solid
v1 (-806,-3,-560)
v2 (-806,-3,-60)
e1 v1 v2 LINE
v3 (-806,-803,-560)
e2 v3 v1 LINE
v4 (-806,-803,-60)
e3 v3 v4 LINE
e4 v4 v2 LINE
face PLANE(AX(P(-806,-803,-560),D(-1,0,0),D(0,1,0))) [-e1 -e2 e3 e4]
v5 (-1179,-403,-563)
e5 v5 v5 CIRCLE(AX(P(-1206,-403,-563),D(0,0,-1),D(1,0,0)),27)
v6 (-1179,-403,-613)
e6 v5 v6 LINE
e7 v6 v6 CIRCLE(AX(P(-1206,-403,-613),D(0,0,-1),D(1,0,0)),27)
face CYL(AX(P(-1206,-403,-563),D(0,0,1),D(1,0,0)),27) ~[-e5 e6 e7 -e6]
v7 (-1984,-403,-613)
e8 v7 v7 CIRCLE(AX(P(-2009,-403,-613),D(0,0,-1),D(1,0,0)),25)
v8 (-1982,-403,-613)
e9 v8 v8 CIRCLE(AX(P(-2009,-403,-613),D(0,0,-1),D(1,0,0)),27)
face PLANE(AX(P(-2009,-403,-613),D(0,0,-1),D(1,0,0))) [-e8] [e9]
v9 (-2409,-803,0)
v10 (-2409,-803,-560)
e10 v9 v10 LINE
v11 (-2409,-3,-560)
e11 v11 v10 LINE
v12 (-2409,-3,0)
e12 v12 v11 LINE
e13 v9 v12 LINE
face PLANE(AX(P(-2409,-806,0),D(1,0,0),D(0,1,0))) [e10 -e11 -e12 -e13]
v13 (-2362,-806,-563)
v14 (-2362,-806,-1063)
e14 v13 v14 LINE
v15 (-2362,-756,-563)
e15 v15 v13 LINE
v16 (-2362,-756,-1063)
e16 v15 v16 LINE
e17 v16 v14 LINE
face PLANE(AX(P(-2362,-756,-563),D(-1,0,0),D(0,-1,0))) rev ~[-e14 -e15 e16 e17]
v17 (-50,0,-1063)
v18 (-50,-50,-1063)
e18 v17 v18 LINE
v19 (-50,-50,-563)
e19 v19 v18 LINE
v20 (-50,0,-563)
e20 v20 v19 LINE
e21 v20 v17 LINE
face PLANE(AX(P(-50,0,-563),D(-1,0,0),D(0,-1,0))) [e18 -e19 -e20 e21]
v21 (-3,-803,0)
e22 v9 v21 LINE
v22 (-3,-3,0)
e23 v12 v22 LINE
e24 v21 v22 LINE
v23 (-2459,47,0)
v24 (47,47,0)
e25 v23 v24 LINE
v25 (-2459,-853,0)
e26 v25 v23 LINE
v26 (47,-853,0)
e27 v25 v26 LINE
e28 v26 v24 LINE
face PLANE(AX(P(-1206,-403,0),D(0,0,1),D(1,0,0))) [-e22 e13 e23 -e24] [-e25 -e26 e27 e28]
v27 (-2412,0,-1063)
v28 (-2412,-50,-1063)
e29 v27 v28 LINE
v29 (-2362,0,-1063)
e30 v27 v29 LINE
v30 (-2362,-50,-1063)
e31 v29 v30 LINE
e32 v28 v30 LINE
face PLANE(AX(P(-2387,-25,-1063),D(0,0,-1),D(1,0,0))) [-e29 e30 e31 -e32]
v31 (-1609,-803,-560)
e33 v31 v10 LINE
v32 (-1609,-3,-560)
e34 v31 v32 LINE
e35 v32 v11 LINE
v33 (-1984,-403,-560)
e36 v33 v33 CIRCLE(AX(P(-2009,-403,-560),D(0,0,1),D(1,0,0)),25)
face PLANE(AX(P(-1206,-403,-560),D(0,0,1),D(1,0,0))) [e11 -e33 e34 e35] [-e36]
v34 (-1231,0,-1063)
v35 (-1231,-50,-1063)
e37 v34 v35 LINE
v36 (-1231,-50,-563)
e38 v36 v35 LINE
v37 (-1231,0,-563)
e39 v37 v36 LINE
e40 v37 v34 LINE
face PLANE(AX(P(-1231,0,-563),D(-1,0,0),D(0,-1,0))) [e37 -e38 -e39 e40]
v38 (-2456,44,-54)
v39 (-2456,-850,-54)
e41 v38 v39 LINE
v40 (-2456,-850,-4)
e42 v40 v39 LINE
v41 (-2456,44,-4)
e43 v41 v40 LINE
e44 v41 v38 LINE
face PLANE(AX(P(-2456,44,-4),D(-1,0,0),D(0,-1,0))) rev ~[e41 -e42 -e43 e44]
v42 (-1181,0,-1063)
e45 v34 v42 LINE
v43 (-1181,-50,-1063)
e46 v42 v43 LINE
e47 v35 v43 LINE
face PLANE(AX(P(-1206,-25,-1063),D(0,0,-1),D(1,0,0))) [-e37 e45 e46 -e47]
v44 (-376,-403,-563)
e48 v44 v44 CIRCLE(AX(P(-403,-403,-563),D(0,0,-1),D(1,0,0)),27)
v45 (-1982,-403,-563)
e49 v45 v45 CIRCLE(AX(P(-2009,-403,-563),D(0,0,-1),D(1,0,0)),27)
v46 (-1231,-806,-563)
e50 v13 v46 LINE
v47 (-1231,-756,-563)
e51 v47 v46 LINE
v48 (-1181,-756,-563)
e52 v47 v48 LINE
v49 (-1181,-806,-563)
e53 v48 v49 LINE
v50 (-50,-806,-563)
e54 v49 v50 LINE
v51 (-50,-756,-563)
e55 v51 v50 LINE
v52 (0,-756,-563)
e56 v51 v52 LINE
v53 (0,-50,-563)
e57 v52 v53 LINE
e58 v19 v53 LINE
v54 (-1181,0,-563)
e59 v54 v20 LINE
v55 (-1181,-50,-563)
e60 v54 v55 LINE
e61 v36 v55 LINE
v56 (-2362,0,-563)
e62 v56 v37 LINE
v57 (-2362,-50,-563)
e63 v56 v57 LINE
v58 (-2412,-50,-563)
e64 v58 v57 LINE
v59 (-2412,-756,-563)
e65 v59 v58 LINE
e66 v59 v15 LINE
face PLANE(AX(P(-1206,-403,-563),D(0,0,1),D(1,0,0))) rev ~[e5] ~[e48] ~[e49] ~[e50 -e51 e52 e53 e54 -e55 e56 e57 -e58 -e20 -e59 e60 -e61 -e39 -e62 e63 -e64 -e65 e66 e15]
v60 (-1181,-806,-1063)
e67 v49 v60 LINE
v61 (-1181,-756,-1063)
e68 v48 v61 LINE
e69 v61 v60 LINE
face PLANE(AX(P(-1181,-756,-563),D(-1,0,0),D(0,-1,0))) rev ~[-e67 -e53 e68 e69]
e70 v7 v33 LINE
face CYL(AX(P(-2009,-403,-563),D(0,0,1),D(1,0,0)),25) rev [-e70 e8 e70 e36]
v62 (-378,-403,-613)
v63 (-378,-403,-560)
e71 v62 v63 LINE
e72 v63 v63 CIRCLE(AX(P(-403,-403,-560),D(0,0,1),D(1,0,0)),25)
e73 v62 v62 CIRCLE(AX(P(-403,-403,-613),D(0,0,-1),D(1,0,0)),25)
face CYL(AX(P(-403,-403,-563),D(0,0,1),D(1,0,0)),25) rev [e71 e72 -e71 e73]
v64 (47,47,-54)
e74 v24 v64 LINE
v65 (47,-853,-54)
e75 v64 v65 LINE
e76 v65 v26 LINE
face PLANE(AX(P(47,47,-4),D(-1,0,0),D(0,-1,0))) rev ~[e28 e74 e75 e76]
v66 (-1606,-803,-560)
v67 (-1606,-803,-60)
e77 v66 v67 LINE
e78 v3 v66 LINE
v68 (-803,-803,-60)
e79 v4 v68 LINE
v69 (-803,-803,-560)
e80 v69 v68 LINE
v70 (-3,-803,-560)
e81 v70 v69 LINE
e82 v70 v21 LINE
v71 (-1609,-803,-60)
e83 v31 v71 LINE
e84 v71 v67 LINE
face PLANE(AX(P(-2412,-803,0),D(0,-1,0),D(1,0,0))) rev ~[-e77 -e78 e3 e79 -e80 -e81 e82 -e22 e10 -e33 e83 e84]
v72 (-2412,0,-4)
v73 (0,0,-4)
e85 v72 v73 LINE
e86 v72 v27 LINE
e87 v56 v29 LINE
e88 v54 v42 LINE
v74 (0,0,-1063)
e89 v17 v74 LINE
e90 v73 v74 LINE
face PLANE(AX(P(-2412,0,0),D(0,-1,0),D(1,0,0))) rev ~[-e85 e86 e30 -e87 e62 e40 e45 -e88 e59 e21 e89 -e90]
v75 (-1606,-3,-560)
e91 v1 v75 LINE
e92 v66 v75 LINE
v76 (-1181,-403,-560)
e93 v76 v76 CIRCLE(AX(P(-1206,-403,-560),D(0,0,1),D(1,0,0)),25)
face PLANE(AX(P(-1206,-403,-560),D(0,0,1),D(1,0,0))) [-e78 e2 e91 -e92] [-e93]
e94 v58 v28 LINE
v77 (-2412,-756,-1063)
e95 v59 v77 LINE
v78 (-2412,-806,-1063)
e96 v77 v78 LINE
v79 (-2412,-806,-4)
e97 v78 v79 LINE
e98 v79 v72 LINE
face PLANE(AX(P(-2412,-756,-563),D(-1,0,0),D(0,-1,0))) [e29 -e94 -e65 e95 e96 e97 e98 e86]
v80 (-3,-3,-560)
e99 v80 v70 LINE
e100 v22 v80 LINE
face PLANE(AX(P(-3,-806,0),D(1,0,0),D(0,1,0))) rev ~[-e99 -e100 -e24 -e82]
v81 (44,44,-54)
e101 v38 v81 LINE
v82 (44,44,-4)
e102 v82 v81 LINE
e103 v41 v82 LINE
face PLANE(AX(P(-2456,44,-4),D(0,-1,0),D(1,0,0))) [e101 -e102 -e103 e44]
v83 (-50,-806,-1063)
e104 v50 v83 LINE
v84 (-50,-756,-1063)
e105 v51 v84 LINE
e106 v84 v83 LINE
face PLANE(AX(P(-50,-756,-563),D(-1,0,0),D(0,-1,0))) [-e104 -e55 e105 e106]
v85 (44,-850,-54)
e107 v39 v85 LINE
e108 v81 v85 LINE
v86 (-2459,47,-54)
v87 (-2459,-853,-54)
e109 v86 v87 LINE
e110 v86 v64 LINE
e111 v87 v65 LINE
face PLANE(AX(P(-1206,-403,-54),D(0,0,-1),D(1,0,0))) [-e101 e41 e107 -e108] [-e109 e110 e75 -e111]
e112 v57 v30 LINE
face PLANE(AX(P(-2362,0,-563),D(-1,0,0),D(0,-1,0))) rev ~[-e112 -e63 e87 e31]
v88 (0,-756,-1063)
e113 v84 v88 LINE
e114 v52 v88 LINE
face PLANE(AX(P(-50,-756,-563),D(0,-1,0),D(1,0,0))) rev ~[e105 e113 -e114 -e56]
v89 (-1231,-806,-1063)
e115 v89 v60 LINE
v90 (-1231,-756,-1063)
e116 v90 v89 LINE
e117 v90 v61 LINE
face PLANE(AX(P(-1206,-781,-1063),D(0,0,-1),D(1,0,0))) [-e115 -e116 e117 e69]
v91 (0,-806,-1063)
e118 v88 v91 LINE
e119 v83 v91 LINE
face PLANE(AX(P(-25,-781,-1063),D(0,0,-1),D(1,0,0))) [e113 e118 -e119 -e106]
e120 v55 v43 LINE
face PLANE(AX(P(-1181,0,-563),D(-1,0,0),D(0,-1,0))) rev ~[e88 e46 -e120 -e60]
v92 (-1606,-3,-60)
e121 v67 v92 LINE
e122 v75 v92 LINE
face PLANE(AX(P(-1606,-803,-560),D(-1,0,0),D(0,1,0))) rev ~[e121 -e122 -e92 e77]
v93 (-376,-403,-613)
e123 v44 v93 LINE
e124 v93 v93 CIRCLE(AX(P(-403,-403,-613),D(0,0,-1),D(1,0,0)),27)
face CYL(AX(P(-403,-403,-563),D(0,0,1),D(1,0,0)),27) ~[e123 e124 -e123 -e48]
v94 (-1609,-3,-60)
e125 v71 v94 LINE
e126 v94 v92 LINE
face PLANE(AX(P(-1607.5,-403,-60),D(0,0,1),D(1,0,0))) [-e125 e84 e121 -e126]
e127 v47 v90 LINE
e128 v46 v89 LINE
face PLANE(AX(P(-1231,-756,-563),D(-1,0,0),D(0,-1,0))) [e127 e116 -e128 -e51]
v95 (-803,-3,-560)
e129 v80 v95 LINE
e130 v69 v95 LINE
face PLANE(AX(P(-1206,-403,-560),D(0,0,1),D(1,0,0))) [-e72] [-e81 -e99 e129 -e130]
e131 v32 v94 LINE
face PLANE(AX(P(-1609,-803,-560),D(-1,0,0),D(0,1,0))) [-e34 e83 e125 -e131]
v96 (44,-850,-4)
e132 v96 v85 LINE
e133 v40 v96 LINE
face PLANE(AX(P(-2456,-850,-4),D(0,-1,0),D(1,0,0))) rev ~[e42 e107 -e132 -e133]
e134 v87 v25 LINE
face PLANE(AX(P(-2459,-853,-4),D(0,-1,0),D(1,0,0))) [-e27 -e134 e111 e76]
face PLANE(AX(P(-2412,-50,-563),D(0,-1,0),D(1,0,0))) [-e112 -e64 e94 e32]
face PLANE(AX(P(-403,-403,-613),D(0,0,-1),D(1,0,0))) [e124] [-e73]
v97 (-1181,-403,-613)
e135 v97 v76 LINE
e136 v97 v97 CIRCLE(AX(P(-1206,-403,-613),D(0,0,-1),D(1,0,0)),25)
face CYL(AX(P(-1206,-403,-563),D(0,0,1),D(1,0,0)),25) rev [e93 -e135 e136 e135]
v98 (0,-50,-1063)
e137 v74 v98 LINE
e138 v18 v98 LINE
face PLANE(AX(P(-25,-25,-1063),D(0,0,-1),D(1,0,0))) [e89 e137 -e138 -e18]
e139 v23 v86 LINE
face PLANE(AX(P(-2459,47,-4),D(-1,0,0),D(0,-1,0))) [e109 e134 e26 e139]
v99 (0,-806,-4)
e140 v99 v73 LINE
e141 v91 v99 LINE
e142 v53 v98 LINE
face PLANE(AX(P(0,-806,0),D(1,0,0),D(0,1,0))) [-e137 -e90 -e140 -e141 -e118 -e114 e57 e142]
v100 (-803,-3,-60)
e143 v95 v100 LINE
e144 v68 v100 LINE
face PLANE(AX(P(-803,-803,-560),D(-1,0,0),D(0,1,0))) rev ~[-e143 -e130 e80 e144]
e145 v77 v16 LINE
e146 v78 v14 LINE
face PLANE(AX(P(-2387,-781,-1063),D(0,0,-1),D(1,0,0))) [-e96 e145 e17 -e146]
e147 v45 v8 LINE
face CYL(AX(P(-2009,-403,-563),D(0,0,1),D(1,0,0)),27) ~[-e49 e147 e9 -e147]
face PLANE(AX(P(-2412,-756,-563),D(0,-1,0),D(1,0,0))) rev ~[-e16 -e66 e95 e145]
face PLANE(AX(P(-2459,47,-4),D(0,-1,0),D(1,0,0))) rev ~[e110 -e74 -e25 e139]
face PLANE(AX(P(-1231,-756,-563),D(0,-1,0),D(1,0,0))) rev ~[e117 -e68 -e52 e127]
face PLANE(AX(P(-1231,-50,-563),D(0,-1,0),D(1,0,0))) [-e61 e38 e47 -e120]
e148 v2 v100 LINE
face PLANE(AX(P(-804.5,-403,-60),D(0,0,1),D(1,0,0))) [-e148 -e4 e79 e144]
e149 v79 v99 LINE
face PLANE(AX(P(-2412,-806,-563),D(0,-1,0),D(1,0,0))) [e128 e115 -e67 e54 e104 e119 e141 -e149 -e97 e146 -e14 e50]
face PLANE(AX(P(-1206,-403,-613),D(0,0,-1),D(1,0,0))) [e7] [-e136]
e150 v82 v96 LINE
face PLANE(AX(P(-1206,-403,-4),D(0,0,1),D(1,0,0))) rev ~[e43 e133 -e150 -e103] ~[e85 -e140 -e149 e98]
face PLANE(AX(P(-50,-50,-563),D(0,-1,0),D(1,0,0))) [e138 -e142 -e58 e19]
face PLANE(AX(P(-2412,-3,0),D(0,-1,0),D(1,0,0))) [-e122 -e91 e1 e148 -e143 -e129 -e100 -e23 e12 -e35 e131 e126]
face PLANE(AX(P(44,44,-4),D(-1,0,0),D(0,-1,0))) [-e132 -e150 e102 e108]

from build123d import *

# Parameters (mm, degrees)
F0_W      = 2412
F0_H      = 806
F1_DEPTH  = 563
F2_T      = -3
F3_W      = 3
F3_H      = 800
F4_DEPTH  = 500
F5_W      = 2506
F5_H      = 900
F5_W_2    = 2412
F5_H_2    = 806
F6_DEPTH  = 4
F7_R      = 25
F8_DEPTH  = 25
F9_R      = 27
F9_R_2    = 25
F10_DEPTH = 50
F11_W     = 2506
F11_H     = 900
F11_W_2   = 2500
F11_H_2   = 894
F12_DEPTH = 50
F13_W     = 50
F13_H     = 50
F14_DEPTH = 500


with BuildPart() as f1:
    # F0 (on Top) → F1 (new body)
    with BuildSketch(Plane.XY):
        with Locations((-1206, -403)):
            Rectangle(F0_W, F0_H)
    extrude(amount=-F1_DEPTH)

    # F2
    f2_openings = [f1.faces().sort_by_distance(p)[0] for p in [
        (-1206, -403, 0),
    ]]
    offset(amount=F2_T, openings=f2_openings)

    # F3 (on face) → F4 (join)
    with BuildSketch(Plane.XY.offset(-560)):
        with Locations((-1607.5, -403)):
            Rectangle(F3_W, F3_H)
        with Locations((-804.5, -403)):
            Rectangle(F3_W, F3_H)
    extrude(amount=F4_DEPTH)

    # F5 (on face) → F6 (join)
    with BuildSketch(Plane.XY):
        with Locations((-1206, -403)):
            Rectangle(F5_W, F5_H)
        with Locations((-1206, -403)):
            Rectangle(F5_W_2, F5_H_2, mode=Mode.SUBTRACT)
    extrude(amount=-F6_DEPTH)

    # F7 (on face) → F8 (cut)
    with BuildSketch(Plane.XY.offset(-560)):
        with Locations((-2009, -403)):
            Circle(F7_R)
        with Locations((-1206, -403)):
            Circle(F7_R)
        with Locations((-403, -403)):
            Circle(F7_R)
    extrude(amount=-F8_DEPTH, mode=Mode.SUBTRACT)

    # F9 (on face) → F10 (join)
    with BuildSketch(Plane(origin=(0, 0, -563), x_dir=(1, 0, 0), z_dir=(0, 0, -1))):
        with Locations((-1206, 403)):
            Circle(F9_R)
        with Locations((-1206, 403)):
            Circle(F9_R_2, mode=Mode.SUBTRACT)
        with Locations((-2009, 403)):
            Circle(F9_R)
        with Locations((-2009, 403)):
            Circle(F9_R_2, mode=Mode.SUBTRACT)
        with Locations((-403, 403)):
            Circle(F9_R)
        with Locations((-403, 403)):
            Circle(F9_R_2, mode=Mode.SUBTRACT)
    extrude(amount=F10_DEPTH)

    # F11 (on face) → F12 (join)
    with BuildSketch(Plane(origin=(0, 0, -4), x_dir=(1, 0, 0), z_dir=(0, 0, -1))):
        with Locations((-1206, 403)):
            Rectangle(F11_W, F11_H)
        with Locations((-1206, 403)):
            Rectangle(F11_W_2, F11_H_2, mode=Mode.SUBTRACT)
    extrude(amount=F12_DEPTH)

    # F13 (on face) → F14 (join)
    with BuildSketch(Plane(origin=(0, 0, -563), x_dir=(1, 0, 0), z_dir=(0, 0, -1))):
        with Locations((-2387, 781)):
            Rectangle(F13_W, F13_H)
        with Locations((-2387, 25)):
            Rectangle(F13_W, F13_H)
        with Locations((-25, 781)):
            Rectangle(F13_W, F13_H)
        with Locations((-25, 25)):
            Rectangle(F13_W, F13_H)
        with Locations((-1206, 781)):
            Rectangle(F13_W, F13_H)
        with Locations((-1206, 25)):
            Rectangle(F13_W, F13_H)
    extrude(amount=F14_DEPTH)


solid = f1.part
